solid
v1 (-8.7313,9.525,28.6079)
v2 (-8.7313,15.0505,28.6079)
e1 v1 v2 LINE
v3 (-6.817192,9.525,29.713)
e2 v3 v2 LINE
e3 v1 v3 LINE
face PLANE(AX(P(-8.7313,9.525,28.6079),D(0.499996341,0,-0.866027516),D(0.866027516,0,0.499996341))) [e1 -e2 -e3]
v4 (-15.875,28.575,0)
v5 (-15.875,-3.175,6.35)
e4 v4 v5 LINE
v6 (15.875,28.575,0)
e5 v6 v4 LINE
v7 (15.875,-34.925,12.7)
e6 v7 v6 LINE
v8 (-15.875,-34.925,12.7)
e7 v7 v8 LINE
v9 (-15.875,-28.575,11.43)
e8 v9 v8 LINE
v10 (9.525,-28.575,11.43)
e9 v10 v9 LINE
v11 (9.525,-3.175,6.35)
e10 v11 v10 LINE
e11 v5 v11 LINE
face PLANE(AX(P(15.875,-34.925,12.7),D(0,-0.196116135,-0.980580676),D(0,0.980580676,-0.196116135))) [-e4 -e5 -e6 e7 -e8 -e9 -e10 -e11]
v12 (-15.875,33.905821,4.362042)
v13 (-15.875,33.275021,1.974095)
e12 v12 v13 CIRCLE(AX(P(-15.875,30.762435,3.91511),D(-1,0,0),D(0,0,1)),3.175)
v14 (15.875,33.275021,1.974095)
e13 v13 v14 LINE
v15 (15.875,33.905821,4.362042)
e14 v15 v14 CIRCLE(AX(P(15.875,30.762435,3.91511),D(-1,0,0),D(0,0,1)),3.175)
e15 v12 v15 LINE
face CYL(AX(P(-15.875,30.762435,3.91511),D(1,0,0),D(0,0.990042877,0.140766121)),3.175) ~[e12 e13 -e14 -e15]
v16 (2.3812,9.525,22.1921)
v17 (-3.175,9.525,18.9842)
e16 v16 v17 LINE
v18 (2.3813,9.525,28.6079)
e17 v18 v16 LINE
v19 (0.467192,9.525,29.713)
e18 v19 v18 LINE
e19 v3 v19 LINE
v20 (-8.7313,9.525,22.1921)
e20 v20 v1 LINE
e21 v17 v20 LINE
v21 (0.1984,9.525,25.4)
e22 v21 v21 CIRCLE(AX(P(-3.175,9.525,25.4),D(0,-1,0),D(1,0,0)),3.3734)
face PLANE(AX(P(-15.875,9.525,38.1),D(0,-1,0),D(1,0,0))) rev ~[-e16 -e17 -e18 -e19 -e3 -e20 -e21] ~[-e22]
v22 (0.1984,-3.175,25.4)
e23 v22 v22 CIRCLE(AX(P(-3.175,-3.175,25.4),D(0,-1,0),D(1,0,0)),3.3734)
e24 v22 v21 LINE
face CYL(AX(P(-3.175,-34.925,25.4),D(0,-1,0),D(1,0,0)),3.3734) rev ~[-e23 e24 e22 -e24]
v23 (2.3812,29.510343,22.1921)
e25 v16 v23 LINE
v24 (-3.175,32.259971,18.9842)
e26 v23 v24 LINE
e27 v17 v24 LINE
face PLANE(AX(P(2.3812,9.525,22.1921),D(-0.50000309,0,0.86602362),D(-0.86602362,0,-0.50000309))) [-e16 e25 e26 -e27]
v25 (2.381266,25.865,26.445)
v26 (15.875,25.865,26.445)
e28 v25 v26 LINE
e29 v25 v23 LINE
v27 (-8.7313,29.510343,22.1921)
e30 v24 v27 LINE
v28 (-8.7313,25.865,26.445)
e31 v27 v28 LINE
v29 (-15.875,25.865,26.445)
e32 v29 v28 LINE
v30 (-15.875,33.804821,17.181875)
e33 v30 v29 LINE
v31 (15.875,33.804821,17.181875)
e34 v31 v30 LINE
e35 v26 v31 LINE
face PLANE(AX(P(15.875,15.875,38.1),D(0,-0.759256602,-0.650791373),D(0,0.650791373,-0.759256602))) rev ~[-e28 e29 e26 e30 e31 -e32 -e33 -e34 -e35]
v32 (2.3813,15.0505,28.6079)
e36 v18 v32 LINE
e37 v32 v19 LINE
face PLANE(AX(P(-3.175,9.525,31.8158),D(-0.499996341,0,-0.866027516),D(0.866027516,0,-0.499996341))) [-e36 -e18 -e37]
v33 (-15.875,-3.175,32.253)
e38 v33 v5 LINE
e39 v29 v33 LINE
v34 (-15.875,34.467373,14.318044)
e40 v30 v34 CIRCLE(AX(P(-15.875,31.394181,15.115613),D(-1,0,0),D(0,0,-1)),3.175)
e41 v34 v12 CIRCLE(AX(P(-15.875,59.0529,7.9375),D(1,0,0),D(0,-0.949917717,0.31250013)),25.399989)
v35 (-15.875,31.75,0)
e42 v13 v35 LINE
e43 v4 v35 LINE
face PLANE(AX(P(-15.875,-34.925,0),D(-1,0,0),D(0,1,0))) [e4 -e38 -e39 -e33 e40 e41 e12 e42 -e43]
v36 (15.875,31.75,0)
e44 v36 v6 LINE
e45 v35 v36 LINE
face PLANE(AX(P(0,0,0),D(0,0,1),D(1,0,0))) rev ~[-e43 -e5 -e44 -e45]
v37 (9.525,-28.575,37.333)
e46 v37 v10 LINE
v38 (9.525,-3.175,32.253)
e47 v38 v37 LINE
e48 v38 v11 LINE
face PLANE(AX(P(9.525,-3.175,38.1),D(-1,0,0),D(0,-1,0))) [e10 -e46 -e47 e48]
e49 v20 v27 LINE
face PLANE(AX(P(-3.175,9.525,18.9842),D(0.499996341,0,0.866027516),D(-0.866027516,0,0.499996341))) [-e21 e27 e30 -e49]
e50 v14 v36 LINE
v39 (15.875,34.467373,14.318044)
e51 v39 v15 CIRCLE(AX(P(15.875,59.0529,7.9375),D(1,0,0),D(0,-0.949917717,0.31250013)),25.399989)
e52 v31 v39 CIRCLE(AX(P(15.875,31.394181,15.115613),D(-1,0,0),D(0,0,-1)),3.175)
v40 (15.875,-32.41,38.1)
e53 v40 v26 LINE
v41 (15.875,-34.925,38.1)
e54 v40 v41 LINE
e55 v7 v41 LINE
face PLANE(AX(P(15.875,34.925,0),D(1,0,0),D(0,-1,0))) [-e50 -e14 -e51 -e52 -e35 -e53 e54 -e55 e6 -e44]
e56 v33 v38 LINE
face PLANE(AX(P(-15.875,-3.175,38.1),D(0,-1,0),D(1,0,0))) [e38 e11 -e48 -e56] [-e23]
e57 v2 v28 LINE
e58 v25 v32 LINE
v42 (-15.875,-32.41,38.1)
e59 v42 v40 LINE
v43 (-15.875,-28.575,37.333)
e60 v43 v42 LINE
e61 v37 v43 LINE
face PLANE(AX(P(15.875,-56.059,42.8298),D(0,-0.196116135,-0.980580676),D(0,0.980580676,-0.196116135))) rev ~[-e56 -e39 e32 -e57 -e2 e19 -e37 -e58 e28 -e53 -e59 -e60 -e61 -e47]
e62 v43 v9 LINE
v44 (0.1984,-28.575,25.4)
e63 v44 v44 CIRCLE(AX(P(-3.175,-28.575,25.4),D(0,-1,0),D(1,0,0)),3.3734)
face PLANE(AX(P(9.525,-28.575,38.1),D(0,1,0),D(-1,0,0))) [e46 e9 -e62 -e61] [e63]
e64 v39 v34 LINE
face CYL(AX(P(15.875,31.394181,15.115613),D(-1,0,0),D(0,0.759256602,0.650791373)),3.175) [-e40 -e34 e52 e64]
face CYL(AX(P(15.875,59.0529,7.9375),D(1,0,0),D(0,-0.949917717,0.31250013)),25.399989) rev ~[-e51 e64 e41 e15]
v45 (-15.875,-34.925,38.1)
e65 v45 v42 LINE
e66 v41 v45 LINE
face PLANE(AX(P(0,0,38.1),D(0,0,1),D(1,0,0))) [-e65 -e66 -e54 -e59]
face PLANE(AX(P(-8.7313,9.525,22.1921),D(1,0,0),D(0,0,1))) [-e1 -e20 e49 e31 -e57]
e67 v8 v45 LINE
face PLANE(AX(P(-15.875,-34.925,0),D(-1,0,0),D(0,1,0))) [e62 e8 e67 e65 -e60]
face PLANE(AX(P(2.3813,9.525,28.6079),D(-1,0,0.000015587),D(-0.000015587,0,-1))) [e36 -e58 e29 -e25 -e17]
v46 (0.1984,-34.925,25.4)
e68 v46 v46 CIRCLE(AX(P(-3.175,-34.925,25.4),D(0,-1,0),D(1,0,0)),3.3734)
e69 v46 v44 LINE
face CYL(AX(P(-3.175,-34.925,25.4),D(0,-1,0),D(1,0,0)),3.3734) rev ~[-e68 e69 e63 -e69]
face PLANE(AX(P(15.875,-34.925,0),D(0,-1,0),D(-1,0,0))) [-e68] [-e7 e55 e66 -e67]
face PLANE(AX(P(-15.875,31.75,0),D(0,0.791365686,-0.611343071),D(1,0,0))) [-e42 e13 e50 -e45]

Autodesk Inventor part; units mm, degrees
ref_plane "YZ Plane" through (0, 0, 0) normal (1, 0, 0) x (0, 1, 0)
ref_plane "XZ Plane" through (0, 0, 0) normal (0, 1, 0) x (-1, 0, 0)
ref_plane "XY Plane" through (0, 0, 0) normal (0, 0, 1) x (1, 0, 0)
sketch "Sketch1" plane through (0, 0, 0) normal (0, 0, 1) x (1, 0, 0)
  line L0 (15.875, -34.925) -> (-15.875, -34.925)
  line L1 (-15.875, -34.925) -> (-15.875, 34.925)
  line L2 (-15.875, 34.925) -> (15.875, 34.925)
  line L3 (15.875, 34.925) -> (15.875, -34.925)
  line L4 (15.875, -34.925) -> (-15.875, 34.925) construction
  line L5 (-15.875, -34.925) -> (15.875, 34.925) construction
  point P0 (0, 0)
  dimension "d0" = 31.75
  dimension "d1" = 69.85
extrude "Extrusion1" add sketch "Sketch1" along normal blind 38.1
sketch "Sketch2" plane through (0, 0, 38.1) normal (0, 0, 1) x (1, 0, 0)
  line L0 (9.525, -28.575) -> (-15.875, -28.575)
  line L1 (-15.875, -28.575) -> (-15.875, -3.175)
  line L2 (-15.875, -3.175) -> (9.525, -3.175)
  line L3 (9.525, -3.175) -> (9.525, -28.575)
  line L4 (-15.875, -34.925) -> (15.875, -34.925) projected
  line L5 (15.875, -34.925) -> (15.875, 34.925) projected
  line L6 (-15.875, 34.925) -> (-15.875, -34.925) projected
  point P0 (0, 0)
  dimension "d4" = 6.35
  dimension "d5" = 6.35
  dimension "d6" = 25.4
  dimension "d7" = 25.4
extrude "Extrusion2" cut sketch "Sketch2" against normal through all
sketch "Sketch3" plane through (15.875, -34.925, 0) normal (1, 0, 0) x (0, 0, -1)
  line L0 (-38.1, 69.85) -> (-38.1, 31.75) projected
  line L1 (-38.1, 50.8) -> (-15.875, 69.85)
  line L2 (0, 69.85) -> (-38.1, 69.85) projected
  line L3 (-38.1, 50.8) -> (-38.1, 69.85)
  line L4 (-38.1, 69.85) -> (-15.875, 69.85)
  line L5 (0, 0) -> (0, 69.85) projected
  arc A0 (-15.875, 69.85) -> (0, 69.85) centre (-7.9375, 93.9779) ccw
  line L6 (0, 69.85) -> (-38.1, 69.85) projected
  line L7 (-15.875, 69.85) -> (0, 69.85)
  point P0 (0, 34.925)
  dimension "d10" = 15.875
  dimension "d11" = 19.05
  dimension "d23" = 25.4
extrude "Extrusion3" cut sketch "Sketch3" against normal through all
sketch "Sketch4" plane through (-15.875, -34.925, 0) normal (0, -1, 0) x (1, 0, 0)
  circle A0 centre (12.7, 25.4) radius 3.3734
  line L0 (0, 0) -> (0, 38.1) projected
  line L1 (0, 38.1) -> (31.75, 38.1) projected
  point P0 (15.875, 0)
  dimension "d14" = 12.7
  dimension "d15" = 12.7
  dimension "d16" = 6.7469
extrude "Extrusion4" cut sketch "Sketch4" against normal through all
ref_plane "Work Plane1" through (-15.875, 9.525, 38.1) normal (0, -1, 0) x (1, 0, 0)
sketch "Sketch5" plane through (-15.875, 9.525, 38.1) normal (0, -1, 0) x (1, 0, 0)
  circle A0 centre (12.7, -12.7) radius 3.3734 projected
  line L0 (7.1437, -9.4921) -> (12.7, -6.2842)
  line L1 (12.7, -6.2842) -> (18.2563, -9.4921)
  line L2 (18.2563, -9.4921) -> (18.2562, -15.9079)
  line L3 (18.2562, -15.9079) -> (12.7, -19.1158)
  line L4 (12.7, -19.1158) -> (7.1437, -15.9079)
  line L5 (7.1437, -15.9079) -> (7.1437, -9.4921)
  point P0 (15.875, -38.1)
  dimension "d20" = 11.1125
extrude "Extrusion5" cut sketch "Sketch5" against normal blind 38.1 contours A0 | L0 L1 L2 L3 L4 L5
fillet "Fillet1" radius 3.175 1 edges at (0, 34.925, 15.875)
chamfer "Chamfer1" distance 3.175 angle 45 1 edges at (0, 34.925, 0)
fillet "Fillet2" radius 3.175 1 edges at (0, 34.1233, 3.0721)
sketch "Sketch6" plane through (15.875, -34.925, 38.1) normal (1, 0, 0) x (0, 0, -1)
  line L0 (25.4, 0) -> (38.1, 63.5)
  line L1 (38.1, 63.5) -> (38.1, 0)
  line L2 (38.1, 0) -> (25.4, 0)
  line L3 (38.1, 0) -> (0, 0) projected
  line L4 (38.1, 0) -> (38.1, 66.675) projected
  line L5 (-4.7298, -21.134) -> (20.7966, 106.498)
  line L6 (20.7966, 106.498) -> (-6.997, 112.0567)
  line L7 (-6.997, 112.0567) -> (-32.5234, -15.5753)
  line L8 (-32.5234, -15.5753) -> (-4.7298, -21.134)
  point P0 (38.1, 34.925)
  dimension "d29" = 63.5
  dimension "d30" = 12.7
  dimension "d33" = 25.4
extrude "Extrusion6" cut sketch "Sketch6" against normal through all
properties part number "IntakeStop"
